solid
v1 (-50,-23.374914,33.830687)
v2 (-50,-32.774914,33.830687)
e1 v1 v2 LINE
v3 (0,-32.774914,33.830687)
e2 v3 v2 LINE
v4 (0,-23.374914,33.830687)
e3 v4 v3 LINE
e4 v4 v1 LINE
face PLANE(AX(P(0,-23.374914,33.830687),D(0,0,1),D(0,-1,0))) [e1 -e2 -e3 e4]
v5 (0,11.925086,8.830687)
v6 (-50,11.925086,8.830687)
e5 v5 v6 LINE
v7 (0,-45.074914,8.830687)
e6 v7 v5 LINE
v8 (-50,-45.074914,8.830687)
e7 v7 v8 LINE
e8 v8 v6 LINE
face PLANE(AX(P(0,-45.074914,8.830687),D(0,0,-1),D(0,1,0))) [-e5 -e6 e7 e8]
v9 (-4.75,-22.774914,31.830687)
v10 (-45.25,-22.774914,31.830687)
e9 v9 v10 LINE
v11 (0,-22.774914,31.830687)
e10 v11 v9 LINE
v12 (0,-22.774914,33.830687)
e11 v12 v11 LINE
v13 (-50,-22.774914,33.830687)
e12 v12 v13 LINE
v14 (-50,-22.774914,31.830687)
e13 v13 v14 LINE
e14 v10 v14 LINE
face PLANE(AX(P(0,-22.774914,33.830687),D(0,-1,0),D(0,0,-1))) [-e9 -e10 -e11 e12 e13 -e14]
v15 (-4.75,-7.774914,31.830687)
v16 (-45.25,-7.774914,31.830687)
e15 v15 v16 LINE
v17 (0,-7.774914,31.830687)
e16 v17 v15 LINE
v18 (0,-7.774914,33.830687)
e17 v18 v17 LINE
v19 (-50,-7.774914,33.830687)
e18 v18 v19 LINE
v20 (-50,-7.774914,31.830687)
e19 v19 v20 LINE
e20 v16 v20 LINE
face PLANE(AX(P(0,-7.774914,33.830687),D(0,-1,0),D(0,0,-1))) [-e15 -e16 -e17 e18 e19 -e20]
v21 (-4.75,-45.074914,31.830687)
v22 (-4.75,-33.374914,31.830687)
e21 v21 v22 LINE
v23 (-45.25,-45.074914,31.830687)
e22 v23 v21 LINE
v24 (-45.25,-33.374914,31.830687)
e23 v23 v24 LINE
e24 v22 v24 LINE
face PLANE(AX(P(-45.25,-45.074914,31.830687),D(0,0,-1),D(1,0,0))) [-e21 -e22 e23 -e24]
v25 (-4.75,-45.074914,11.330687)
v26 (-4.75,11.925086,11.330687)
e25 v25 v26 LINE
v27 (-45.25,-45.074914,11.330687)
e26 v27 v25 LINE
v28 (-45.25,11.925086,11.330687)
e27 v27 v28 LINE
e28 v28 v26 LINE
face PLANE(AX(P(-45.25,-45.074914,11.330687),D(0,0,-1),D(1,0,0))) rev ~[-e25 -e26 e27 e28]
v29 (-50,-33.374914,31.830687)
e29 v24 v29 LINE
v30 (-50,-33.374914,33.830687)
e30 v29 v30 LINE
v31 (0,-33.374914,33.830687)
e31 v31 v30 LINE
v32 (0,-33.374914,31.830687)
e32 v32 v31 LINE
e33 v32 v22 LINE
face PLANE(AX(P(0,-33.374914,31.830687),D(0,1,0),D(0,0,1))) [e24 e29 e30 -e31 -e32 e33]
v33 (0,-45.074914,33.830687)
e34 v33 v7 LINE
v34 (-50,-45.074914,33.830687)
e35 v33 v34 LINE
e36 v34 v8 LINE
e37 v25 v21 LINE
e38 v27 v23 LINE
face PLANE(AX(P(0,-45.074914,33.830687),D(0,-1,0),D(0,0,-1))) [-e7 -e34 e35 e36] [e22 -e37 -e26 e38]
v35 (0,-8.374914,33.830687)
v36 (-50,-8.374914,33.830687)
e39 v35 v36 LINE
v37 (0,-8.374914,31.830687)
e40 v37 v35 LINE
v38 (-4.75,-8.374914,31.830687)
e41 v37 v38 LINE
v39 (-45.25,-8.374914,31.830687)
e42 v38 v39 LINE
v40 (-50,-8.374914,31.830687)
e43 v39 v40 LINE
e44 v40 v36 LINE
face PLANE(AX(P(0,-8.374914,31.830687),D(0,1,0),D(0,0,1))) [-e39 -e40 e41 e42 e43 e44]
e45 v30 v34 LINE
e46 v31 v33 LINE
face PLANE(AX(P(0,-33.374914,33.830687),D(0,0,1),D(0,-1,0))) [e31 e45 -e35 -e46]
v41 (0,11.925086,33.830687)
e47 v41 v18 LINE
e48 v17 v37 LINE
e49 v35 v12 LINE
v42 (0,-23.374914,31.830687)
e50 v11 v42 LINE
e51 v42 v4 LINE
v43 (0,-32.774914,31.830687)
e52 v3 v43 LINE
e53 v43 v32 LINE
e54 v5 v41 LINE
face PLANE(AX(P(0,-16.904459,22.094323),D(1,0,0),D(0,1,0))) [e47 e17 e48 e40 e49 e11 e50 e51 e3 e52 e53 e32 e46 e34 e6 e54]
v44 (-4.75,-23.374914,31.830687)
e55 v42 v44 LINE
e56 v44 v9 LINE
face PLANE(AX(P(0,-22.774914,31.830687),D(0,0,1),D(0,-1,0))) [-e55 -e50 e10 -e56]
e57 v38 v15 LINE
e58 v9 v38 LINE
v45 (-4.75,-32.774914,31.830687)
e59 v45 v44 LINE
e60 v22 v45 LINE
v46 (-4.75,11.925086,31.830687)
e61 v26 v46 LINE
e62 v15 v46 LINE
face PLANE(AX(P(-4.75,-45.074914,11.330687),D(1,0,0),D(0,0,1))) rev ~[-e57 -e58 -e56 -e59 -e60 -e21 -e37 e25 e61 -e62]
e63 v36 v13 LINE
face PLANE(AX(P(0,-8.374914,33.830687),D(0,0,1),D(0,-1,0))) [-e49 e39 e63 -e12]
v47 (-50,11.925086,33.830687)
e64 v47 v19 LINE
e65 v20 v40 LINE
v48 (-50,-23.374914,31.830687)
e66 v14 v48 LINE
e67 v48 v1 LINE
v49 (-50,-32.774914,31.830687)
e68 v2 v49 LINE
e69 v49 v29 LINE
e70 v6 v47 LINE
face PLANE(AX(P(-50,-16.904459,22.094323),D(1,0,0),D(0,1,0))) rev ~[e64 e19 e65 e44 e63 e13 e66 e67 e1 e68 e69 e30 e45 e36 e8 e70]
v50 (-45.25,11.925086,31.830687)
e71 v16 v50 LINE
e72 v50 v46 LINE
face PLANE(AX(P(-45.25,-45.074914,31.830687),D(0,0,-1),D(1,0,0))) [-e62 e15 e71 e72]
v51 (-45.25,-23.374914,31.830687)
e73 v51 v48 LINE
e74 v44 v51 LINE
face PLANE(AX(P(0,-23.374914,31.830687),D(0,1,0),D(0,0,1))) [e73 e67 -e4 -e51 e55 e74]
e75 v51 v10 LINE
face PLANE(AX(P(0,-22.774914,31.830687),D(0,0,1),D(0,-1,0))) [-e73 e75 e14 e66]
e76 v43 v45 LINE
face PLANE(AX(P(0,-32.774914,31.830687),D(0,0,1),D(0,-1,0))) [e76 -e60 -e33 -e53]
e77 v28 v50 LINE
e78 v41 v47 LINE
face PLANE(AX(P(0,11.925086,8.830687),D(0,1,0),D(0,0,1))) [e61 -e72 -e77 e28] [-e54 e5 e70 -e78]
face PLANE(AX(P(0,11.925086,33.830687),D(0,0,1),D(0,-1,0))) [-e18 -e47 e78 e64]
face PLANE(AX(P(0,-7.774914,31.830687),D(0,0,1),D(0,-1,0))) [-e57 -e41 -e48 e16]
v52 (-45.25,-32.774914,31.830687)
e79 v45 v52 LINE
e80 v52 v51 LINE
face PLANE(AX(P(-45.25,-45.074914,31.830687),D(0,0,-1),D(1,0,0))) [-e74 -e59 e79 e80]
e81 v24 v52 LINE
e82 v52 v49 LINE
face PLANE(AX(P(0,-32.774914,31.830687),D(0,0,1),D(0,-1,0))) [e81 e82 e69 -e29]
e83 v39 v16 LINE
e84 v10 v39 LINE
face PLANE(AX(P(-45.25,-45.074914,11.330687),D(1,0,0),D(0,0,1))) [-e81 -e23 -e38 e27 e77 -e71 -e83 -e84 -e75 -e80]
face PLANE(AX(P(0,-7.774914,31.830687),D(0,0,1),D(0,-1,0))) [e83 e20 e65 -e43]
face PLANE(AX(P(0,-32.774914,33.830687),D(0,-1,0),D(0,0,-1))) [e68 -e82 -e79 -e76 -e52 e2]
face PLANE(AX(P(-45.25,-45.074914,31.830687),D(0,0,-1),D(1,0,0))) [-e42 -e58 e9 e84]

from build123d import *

# Parameters (mm, degrees)
F2_DEPTH = 50
F3_W     = 40.5
F3_H     = 20.5
F4_DEPTH = 57


with BuildPart() as f2:
    # F1 (on Right) → F2 (new body)
    with BuildSketch(Plane.YZ):
        Polygon((-33.374914, 31.830687), (-33.374914, 33.830687), (-45.074914, 33.830687), (-45.074914, 8.830687), (11.925086, 8.830687), (11.925086, 33.830687), (-7.774914, 33.830687), (-7.774914, 31.830687), (-8.374914, 31.830687), (-8.374914, 33.830687), (-22.774914, 33.830687), (-22.774914, 31.830687), (-23.374914, 31.830687), (-23.374914, 33.830687), (-32.774914, 33.830687), (-32.774914, 31.830687), align=None)
    extrude(amount=-F2_DEPTH)

    # F3 (on face) → F4 (cut, through all)
    with BuildSketch(Plane.XZ.offset(45.074914)):
        with Locations((-25, 21.580687)):
            Rectangle(F3_W, F3_H)
    extrude(amount=-F4_DEPTH, mode=Mode.SUBTRACT)


solid = f2.part
